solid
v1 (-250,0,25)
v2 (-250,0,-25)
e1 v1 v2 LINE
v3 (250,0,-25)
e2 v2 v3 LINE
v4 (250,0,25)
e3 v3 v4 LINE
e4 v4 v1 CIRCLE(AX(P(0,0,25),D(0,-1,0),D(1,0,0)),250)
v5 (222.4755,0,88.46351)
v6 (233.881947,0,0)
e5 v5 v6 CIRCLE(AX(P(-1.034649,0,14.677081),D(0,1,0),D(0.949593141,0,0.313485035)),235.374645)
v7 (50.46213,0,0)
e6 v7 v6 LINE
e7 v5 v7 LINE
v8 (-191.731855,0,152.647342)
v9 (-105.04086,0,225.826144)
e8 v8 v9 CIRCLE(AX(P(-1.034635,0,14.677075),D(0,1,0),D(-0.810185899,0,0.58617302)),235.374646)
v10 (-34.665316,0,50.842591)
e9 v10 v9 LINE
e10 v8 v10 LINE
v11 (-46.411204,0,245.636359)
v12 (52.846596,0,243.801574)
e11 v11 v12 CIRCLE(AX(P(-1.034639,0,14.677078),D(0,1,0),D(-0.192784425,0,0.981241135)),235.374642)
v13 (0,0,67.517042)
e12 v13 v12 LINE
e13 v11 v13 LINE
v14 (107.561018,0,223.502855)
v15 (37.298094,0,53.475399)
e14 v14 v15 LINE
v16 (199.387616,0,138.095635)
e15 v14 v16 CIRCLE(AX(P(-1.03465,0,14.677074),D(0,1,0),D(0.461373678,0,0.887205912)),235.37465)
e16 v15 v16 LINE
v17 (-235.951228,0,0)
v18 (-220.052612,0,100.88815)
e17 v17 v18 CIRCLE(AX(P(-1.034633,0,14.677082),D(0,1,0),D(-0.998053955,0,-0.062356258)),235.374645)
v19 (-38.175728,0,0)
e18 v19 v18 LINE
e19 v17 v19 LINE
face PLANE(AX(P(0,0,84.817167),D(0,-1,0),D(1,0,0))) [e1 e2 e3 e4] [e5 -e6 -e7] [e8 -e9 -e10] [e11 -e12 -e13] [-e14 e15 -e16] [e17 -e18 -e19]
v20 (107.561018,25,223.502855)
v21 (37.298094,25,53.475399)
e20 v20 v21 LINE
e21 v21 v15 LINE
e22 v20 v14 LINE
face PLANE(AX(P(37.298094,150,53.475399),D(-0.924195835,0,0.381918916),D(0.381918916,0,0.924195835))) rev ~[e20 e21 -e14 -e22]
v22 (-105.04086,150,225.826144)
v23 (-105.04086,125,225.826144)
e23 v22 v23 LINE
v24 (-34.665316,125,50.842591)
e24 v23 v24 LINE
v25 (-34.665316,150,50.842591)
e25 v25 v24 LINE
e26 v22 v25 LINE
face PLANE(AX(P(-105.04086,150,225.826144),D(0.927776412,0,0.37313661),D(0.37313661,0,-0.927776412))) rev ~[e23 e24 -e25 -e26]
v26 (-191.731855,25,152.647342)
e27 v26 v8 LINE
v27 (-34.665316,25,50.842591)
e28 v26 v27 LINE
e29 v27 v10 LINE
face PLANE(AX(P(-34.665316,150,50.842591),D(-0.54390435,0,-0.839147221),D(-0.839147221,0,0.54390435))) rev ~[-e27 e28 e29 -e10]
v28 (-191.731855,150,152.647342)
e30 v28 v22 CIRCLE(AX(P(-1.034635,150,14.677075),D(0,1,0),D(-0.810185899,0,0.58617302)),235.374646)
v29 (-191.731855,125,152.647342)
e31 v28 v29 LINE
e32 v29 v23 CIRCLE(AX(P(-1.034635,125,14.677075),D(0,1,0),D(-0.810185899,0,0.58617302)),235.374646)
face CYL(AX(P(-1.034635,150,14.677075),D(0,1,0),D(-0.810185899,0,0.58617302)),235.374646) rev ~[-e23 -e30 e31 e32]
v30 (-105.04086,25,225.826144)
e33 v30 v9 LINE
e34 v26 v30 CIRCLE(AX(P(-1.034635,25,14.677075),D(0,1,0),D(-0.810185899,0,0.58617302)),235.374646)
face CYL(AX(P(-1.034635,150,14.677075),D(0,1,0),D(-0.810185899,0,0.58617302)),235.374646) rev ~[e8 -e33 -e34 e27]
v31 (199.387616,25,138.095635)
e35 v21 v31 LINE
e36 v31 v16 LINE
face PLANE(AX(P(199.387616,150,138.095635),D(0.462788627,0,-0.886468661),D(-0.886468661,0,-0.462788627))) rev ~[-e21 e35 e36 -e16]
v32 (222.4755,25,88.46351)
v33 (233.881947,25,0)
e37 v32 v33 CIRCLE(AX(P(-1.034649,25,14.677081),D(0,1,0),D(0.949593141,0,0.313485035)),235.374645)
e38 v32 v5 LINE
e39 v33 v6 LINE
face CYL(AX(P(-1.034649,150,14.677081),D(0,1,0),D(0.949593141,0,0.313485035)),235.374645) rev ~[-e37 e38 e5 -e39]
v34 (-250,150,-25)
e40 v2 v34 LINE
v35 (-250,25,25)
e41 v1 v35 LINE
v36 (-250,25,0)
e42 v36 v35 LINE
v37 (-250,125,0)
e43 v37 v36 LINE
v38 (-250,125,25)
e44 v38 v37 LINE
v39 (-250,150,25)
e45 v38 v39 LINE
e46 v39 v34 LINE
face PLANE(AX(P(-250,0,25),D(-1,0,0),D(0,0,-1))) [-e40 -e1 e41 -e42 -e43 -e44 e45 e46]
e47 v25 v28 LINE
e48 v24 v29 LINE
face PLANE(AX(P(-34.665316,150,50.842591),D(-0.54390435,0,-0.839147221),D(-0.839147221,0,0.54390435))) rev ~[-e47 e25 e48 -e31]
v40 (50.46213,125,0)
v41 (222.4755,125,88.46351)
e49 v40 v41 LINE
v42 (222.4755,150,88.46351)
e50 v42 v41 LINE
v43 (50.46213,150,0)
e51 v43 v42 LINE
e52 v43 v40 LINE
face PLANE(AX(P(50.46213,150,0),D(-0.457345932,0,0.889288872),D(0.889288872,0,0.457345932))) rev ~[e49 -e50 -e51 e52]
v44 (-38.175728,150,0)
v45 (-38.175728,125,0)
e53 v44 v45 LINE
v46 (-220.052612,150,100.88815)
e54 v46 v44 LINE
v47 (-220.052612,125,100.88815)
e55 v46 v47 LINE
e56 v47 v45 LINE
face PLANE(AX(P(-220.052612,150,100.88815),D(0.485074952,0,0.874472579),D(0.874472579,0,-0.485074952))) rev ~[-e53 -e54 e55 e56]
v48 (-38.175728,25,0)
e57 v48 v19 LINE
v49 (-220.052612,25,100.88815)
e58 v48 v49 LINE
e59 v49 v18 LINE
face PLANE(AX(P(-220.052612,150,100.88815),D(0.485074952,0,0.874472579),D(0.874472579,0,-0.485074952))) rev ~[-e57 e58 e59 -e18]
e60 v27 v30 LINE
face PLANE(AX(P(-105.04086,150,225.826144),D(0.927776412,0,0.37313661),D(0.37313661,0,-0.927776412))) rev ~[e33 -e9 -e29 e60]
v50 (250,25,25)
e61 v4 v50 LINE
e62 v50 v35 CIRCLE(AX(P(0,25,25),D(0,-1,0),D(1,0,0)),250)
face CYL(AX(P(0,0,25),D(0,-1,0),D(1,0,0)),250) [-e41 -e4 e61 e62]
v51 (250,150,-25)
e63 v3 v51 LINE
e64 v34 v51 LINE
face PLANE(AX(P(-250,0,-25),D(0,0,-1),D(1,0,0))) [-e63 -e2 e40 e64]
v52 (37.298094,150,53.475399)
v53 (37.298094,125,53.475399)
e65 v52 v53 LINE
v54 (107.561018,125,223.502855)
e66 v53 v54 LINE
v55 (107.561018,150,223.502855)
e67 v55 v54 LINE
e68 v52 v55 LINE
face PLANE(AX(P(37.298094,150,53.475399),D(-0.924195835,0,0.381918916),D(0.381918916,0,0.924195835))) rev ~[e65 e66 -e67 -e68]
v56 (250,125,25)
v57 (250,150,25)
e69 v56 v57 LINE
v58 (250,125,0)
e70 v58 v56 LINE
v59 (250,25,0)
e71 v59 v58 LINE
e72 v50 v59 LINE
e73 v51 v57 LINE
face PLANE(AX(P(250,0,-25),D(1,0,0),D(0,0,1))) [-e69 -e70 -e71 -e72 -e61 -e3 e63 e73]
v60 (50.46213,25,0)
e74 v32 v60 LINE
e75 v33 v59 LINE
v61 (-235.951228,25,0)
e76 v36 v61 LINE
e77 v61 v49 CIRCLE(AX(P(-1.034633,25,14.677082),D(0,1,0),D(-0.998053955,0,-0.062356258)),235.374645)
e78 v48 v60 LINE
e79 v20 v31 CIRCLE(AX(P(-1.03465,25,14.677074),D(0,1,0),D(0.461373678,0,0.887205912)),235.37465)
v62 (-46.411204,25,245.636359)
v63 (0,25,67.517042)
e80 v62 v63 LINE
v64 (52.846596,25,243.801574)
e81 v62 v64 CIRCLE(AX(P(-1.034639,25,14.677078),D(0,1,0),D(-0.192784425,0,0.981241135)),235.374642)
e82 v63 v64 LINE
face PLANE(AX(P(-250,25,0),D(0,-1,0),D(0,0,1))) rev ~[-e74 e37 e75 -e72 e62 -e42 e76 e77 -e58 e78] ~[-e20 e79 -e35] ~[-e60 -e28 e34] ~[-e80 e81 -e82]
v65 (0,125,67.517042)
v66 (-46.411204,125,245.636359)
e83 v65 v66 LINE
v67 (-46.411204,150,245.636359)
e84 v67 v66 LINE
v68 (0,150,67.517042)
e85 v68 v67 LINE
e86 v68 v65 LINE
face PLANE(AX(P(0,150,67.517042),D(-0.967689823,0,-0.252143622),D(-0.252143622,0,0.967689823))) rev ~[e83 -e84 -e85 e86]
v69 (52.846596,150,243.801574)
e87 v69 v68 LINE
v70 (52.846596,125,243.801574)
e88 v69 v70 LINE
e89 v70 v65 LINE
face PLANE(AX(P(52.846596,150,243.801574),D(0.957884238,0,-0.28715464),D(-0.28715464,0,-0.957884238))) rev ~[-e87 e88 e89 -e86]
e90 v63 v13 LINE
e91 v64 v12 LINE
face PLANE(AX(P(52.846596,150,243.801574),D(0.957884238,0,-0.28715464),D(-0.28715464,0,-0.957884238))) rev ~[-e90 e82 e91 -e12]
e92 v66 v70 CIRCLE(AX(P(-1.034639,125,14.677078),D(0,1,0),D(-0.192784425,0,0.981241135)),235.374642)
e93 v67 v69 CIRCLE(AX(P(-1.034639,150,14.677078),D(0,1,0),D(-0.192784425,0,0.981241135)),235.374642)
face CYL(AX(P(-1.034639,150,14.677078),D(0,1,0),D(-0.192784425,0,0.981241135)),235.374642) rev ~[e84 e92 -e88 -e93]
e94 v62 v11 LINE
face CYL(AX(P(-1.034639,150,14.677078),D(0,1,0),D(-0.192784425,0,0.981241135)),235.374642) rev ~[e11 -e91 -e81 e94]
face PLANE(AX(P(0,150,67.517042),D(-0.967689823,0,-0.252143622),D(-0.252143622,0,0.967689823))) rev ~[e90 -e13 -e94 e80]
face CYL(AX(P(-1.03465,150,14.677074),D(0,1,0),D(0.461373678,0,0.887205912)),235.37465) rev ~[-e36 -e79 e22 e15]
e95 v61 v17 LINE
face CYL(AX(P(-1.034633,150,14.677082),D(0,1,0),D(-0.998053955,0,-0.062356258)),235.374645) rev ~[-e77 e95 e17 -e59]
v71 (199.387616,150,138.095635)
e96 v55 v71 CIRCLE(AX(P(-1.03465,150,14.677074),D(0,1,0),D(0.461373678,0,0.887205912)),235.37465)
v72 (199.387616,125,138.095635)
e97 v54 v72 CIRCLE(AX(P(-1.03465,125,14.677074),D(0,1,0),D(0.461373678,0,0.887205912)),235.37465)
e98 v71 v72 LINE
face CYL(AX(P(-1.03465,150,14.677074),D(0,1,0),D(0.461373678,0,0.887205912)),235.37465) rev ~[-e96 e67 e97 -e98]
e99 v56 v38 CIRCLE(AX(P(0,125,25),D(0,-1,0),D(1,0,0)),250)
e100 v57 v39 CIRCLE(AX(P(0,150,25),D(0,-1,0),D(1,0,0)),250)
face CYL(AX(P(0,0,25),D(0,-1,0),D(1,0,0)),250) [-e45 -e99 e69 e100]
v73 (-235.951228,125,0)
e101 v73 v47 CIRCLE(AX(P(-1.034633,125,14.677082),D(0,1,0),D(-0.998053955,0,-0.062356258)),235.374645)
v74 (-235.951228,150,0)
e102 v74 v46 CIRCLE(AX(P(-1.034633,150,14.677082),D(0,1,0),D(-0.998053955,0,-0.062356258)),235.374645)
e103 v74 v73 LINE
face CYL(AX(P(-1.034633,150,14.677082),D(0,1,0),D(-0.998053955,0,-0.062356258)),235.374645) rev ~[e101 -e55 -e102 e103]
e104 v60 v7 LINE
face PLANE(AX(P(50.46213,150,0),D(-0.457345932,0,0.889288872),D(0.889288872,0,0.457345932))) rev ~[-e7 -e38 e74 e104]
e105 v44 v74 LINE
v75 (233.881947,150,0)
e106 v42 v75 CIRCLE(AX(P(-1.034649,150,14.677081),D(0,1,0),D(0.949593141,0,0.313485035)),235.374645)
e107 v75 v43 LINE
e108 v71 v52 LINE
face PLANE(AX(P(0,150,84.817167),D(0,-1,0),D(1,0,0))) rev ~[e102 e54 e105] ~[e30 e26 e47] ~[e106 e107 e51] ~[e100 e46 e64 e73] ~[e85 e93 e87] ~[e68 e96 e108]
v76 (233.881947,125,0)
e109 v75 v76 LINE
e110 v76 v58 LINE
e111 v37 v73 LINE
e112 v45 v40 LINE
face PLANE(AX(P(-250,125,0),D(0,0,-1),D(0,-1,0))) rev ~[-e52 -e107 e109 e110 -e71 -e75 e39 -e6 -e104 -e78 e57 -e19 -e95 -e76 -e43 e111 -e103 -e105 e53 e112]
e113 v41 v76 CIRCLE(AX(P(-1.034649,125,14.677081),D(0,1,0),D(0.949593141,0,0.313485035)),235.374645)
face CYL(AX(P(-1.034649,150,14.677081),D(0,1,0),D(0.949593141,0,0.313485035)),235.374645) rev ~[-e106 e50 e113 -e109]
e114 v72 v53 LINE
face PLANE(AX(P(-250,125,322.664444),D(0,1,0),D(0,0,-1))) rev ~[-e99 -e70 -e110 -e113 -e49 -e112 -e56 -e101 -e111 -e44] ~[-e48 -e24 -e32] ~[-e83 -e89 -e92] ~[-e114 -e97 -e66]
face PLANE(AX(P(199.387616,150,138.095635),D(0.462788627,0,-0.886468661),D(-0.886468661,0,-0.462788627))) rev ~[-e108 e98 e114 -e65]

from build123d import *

# Parameters (mm, degrees)
F1_DEPTH = 150
F2_W     = 100
F2_H     = 297.664444
F2_H_2   = 25
F3_DEPTH = 10000
F5_DEPTH = 10000


with BuildPart() as f1:
    # F0 (on Front) → F1 (new body)
    with BuildSketch(Plane.XZ):
        with BuildLine():
            Line((-250, -25), (250, -25))
            Line((250, -25), (250, 25))
            ThreePointArc((250, 25), (0, 275), (-250, 25))
            Line((-250, 25), (-250, -25))
        make_face()
    extrude(amount=-F1_DEPTH)

    # F2 (on face) → F3 (cut)
    with BuildSketch(Plane(origin=(-250, 0, 0), x_dir=(0, -1, 0), z_dir=(-1, 0, 0))):
        with Locations((-75, 173.832222)):
            Rectangle(F2_W, F2_H)
        with Locations((-75, 12.5)):
            Rectangle(F2_W, F2_H_2)
    extrude(amount=-F3_DEPTH, mode=Mode.SUBTRACT)

    # F4 (on face) → F5 (cut)
    with BuildSketch(Plane(origin=(0, 150, 0), x_dir=(-1, 0, 0), z_dir=(0, 1, 0))):
        with BuildLine():
            Line((-233.881947, 0), (-50.46213, 0))
            Line((-50.46213, 0), (-222.4755, 88.46351))
            ThreePointArc((-222.4755, 88.46351), (-232.40746, 44.777007), (-233.881947, 0))
        make_face()
        with BuildLine():
            Line((-37.298094, 53.475399), (-107.561018, 223.502855))
            ThreePointArc((-107.561018, 223.502855), (-159.267001, 187.027318), (-199.387616, 138.095635))
            Line((-199.387616, 138.095635), (-37.298094, 53.475399))
        make_face()
        with BuildLine():
            Line((0, 67.517042), (46.411204, 245.636359))
            ThreePointArc((46.411204, 245.636359), (-3.315529, 250.011517), (-52.846596, 243.801574))
            Line((-52.846596, 243.801574), (0, 67.517042))
        make_face()
        with BuildLine():
            Line((34.665316, 50.842591), (191.731855, 152.647342))
            ThreePointArc((191.731855, 152.647342), (152.861228, 194.537882), (105.04086, 225.826144))
            Line((105.04086, 225.826144), (34.665316, 50.842591))
        make_face()
        with BuildLine():
            ThreePointArc((235.951228, 0), (233.540018, 51.316805), (220.052612, 100.88815))
            Line((220.052612, 100.88815), (38.175728, 0))
            Line((38.175728, 0), (235.951228, 0))
        make_face()
    extrude(amount=-F5_DEPTH, mode=Mode.SUBTRACT)


solid = f1.part
